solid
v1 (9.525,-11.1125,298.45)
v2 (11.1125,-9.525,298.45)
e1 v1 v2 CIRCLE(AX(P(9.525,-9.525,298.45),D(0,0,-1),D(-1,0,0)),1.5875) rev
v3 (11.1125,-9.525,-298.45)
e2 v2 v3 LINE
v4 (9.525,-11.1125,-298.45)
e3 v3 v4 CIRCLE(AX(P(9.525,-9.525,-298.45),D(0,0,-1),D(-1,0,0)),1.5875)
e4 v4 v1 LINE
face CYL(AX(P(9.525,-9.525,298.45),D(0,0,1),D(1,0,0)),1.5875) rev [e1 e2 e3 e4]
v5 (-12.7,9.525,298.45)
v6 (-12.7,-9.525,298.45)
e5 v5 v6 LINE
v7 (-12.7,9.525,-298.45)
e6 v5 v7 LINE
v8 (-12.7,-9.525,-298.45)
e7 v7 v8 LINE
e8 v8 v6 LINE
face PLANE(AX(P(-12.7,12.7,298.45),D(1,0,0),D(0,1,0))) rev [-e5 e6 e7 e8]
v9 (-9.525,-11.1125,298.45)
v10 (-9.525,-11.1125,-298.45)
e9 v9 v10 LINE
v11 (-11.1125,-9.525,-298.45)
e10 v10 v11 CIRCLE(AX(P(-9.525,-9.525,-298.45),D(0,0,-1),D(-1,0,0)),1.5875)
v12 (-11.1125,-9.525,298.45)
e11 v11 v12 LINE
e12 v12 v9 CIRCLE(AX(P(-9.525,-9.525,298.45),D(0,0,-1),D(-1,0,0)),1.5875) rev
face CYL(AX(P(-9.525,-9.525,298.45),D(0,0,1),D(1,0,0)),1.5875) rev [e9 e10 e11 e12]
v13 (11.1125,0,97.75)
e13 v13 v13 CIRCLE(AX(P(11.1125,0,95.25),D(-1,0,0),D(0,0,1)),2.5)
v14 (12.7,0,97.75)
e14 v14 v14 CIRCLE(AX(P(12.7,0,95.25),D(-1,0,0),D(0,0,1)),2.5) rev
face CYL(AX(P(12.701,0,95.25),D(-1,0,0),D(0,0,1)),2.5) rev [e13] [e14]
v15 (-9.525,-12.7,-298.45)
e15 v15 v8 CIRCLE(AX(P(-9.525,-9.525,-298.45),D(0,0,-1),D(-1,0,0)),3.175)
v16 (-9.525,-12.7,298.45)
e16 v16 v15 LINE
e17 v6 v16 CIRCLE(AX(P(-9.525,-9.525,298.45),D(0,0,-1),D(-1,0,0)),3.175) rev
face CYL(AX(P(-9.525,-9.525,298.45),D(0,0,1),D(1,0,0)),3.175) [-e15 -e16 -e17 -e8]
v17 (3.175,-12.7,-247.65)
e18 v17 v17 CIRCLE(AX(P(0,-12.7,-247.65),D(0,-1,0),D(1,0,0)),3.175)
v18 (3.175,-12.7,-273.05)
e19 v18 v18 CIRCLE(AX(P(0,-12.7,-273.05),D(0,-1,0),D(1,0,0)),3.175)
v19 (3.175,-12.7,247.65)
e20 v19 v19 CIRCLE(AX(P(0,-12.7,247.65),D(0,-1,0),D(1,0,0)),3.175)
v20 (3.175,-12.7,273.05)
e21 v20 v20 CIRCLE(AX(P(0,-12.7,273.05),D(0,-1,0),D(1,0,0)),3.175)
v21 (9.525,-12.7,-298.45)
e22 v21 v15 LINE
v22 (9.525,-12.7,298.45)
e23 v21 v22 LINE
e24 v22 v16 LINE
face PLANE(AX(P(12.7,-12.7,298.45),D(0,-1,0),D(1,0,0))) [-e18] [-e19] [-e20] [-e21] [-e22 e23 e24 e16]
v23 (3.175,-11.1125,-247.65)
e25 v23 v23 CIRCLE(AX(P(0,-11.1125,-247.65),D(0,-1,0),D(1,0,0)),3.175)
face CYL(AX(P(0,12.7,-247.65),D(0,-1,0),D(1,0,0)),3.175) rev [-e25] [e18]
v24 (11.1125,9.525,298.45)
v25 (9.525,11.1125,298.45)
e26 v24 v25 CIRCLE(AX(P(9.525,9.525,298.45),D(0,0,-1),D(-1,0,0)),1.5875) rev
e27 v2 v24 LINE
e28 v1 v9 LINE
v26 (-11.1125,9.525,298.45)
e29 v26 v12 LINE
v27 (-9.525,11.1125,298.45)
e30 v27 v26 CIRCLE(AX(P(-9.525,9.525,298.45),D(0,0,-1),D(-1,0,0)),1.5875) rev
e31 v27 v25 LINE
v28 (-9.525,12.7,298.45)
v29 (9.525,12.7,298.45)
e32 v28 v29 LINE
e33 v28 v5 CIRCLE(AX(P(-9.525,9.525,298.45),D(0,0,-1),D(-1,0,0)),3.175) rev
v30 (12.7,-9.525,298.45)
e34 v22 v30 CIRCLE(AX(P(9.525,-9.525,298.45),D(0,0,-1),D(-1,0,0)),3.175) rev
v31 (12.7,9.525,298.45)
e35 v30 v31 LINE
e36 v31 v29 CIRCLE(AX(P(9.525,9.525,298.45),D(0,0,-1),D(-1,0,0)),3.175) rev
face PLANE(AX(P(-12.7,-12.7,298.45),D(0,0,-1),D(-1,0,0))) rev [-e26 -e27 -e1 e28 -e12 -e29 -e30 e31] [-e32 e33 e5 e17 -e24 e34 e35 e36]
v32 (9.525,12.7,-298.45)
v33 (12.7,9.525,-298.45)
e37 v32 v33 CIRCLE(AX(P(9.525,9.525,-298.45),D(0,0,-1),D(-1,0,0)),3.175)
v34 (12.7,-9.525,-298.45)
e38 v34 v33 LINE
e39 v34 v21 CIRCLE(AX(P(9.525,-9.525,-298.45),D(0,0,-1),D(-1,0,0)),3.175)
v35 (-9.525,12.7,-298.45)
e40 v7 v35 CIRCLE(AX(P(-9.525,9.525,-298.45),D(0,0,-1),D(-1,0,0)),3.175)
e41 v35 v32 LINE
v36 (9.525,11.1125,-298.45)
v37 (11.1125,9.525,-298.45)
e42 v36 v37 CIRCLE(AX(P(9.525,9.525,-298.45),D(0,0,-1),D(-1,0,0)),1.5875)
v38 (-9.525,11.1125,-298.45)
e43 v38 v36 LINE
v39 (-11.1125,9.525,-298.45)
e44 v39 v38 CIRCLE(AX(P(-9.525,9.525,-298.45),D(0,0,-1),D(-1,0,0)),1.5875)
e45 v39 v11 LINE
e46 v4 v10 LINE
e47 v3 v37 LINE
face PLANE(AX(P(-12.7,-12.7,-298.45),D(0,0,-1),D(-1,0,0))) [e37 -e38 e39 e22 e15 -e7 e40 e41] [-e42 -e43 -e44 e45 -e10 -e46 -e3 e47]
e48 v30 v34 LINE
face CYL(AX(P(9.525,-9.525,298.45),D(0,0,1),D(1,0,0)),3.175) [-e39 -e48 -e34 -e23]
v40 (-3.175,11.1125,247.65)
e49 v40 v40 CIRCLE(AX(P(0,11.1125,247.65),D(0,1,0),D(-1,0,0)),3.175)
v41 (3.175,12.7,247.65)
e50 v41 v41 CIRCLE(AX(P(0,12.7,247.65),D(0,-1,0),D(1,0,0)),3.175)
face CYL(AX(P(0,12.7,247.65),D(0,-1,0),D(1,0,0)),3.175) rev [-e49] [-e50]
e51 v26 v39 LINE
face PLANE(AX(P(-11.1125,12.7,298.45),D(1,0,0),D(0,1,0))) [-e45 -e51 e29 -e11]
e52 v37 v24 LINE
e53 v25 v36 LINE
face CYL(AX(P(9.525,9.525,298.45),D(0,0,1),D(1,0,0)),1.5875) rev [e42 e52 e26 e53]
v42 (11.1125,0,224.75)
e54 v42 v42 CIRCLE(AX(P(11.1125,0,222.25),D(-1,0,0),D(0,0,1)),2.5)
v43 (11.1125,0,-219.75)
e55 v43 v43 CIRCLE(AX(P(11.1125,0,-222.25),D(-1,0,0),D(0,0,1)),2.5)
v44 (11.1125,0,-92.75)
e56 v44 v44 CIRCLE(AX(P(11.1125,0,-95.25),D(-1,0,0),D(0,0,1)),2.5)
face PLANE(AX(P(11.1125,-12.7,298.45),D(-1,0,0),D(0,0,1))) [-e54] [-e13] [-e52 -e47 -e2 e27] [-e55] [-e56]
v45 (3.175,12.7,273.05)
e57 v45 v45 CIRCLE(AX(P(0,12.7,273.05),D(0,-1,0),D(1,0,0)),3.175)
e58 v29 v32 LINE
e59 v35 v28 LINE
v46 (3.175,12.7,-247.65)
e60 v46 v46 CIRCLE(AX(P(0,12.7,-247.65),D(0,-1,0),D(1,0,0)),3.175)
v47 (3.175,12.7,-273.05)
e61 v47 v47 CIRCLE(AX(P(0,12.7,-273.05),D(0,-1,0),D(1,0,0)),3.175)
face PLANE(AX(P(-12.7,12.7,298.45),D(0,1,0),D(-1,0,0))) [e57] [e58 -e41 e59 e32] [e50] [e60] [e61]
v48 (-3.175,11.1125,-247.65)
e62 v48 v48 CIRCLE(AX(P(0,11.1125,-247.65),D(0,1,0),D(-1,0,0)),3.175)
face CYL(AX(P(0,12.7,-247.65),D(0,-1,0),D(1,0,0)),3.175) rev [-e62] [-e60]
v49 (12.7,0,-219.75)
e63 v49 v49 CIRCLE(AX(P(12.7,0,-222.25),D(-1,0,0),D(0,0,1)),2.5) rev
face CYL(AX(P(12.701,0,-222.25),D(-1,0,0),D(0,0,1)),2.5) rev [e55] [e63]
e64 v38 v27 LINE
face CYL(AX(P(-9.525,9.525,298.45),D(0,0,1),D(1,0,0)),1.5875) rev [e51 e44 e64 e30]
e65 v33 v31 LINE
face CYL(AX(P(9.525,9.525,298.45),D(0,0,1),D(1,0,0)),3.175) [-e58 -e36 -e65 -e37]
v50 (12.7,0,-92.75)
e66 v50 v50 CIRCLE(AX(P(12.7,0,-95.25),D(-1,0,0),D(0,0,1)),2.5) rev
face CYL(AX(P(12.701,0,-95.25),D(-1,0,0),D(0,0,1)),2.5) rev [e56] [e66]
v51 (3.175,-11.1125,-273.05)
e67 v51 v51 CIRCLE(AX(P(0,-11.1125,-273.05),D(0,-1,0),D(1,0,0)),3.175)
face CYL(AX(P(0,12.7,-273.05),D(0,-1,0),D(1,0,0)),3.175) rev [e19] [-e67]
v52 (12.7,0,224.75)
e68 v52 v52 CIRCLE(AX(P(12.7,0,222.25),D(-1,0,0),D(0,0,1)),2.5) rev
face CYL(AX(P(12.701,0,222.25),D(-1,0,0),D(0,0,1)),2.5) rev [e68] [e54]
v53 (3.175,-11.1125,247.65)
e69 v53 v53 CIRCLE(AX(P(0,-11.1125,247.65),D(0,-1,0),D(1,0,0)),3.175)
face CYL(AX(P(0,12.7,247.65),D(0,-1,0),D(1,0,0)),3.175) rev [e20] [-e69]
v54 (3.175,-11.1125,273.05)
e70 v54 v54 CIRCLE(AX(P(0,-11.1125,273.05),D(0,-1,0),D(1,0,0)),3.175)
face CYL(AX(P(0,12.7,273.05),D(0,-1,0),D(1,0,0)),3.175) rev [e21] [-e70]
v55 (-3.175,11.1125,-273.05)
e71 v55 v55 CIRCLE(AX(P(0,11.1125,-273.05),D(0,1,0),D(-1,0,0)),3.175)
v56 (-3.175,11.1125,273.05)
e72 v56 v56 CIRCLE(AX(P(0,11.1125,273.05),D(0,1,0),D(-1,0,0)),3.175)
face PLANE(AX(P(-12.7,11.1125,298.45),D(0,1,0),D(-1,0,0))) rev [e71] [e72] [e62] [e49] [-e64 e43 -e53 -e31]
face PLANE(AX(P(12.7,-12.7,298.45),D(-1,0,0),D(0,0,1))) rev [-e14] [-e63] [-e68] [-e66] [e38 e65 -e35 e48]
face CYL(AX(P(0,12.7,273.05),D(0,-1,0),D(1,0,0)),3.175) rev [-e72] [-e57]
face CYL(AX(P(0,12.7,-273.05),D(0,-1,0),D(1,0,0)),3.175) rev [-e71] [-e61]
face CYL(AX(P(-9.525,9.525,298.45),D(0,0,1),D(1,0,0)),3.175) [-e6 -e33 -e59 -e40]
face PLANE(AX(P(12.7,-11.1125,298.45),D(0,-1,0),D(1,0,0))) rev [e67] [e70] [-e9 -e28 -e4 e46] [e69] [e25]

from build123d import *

# Parameters (mm, degrees)
SKETCH1_W          = 25.4
SKETCH1_H          = 25.4
BASE_EXTRUDE_DEPTH = 298.45
FILLET1_R          = 3.175
SHELL1_T           = -1.5875
SKETCH4_R          = 3.175
CUT_EXTRUDE1_DEPTH = 26.4
CUT_EXTRUDE3_REACH = 3.588
SKETCH6_R          = 2.5


with BuildPart() as part:
    # Sketch1 → Base-Extrude (new body, symmetric)
    with BuildSketch(Plane.XY):
        Rectangle(SKETCH1_W, SKETCH1_H)
    extrude(amount=BASE_EXTRUDE_DEPTH, both=True)

    # Fillet1
    fillet1_edges = [part.edges().sort_by_distance(p)[0] for p in [
        (-12.7, 12.7, 0),
        (12.7, 12.7, 0),
        (12.7, -12.7, 0),
        (-12.7, -12.7, 0),
    ]]
    fillet(fillet1_edges, radius=FILLET1_R)

    # Shell1
    shell1_openings = [part.faces().sort_by_distance(p)[0] for p in [
        (0, 0, 298.45),
        (0, 0, -298.45),
    ]]
    offset(amount=SHELL1_T, openings=shell1_openings, kind=Kind.INTERSECTION)

    # Sketch4 → Cut-Extrude1 (cut, through all)
    with BuildSketch(Plane.XZ.offset(12.7)):
        with Locations((0, 273.05)):
            Circle(SKETCH4_R)
        with Locations((0, 247.65)):
            Circle(SKETCH4_R)
        with Locations((0, -247.65)):
            Circle(SKETCH4_R)
        with Locations((0, -273.05)):
            Circle(SKETCH4_R)
    extrude(amount=-CUT_EXTRUDE1_DEPTH, mode=Mode.SUBTRACT)

    # Sketch6 → Cut-Extrude3 (cut, up to next)
    with BuildSketch(Plane.ZY.offset(-11.1125), mode=Mode.PRIVATE) as cut_extrude3_sk1:
        with Locations((-95.25, 0)):
            Circle(SKETCH6_R)
    cut_extrude3_tool1 = extrude(cut_extrude3_sk1.sketch, amount=-CUT_EXTRUDE3_REACH, mode=Mode.PRIVATE) & part.part
    add(cut_extrude3_tool1.solids().sort_by_distance((11.1125, 0, -95.25))[0], mode=Mode.SUBTRACT)
    # Sketch6 → Cut-Extrude3 (cut, up to next)
    with BuildSketch(Plane.ZY.offset(-11.1125), mode=Mode.PRIVATE) as cut_extrude3_sk2:
        with Locations((-222.25, 0)):
            Circle(SKETCH6_R)
    cut_extrude3_tool2 = extrude(cut_extrude3_sk2.sketch, amount=-CUT_EXTRUDE3_REACH, mode=Mode.PRIVATE) & part.part
    add(cut_extrude3_tool2.solids().sort_by_distance((11.1125, 0, -222.25))[0], mode=Mode.SUBTRACT)
    # Sketch6 → Cut-Extrude3 (cut, up to next)
    with BuildSketch(Plane.ZY.offset(-11.1125), mode=Mode.PRIVATE) as cut_extrude3_sk3:
        with Locations((222.25, 0)):
            Circle(SKETCH6_R)
    cut_extrude3_tool3 = extrude(cut_extrude3_sk3.sketch, amount=-CUT_EXTRUDE3_REACH, mode=Mode.PRIVATE) & part.part
    add(cut_extrude3_tool3.solids().sort_by_distance((11.1125, 0, 222.25))[0], mode=Mode.SUBTRACT)
    # Sketch6 → Cut-Extrude3 (cut, up to next)
    with BuildSketch(Plane.ZY.offset(-11.1125), mode=Mode.PRIVATE) as cut_extrude3_sk4:
        with Locations((95.25, 0)):
            Circle(SKETCH6_R)
    cut_extrude3_tool4 = extrude(cut_extrude3_sk4.sketch, amount=-CUT_EXTRUDE3_REACH, mode=Mode.PRIVATE) & part.part
    add(cut_extrude3_tool4.solids().sort_by_distance((11.1125, 0, 95.25))[0], mode=Mode.SUBTRACT)


solid = part.part
